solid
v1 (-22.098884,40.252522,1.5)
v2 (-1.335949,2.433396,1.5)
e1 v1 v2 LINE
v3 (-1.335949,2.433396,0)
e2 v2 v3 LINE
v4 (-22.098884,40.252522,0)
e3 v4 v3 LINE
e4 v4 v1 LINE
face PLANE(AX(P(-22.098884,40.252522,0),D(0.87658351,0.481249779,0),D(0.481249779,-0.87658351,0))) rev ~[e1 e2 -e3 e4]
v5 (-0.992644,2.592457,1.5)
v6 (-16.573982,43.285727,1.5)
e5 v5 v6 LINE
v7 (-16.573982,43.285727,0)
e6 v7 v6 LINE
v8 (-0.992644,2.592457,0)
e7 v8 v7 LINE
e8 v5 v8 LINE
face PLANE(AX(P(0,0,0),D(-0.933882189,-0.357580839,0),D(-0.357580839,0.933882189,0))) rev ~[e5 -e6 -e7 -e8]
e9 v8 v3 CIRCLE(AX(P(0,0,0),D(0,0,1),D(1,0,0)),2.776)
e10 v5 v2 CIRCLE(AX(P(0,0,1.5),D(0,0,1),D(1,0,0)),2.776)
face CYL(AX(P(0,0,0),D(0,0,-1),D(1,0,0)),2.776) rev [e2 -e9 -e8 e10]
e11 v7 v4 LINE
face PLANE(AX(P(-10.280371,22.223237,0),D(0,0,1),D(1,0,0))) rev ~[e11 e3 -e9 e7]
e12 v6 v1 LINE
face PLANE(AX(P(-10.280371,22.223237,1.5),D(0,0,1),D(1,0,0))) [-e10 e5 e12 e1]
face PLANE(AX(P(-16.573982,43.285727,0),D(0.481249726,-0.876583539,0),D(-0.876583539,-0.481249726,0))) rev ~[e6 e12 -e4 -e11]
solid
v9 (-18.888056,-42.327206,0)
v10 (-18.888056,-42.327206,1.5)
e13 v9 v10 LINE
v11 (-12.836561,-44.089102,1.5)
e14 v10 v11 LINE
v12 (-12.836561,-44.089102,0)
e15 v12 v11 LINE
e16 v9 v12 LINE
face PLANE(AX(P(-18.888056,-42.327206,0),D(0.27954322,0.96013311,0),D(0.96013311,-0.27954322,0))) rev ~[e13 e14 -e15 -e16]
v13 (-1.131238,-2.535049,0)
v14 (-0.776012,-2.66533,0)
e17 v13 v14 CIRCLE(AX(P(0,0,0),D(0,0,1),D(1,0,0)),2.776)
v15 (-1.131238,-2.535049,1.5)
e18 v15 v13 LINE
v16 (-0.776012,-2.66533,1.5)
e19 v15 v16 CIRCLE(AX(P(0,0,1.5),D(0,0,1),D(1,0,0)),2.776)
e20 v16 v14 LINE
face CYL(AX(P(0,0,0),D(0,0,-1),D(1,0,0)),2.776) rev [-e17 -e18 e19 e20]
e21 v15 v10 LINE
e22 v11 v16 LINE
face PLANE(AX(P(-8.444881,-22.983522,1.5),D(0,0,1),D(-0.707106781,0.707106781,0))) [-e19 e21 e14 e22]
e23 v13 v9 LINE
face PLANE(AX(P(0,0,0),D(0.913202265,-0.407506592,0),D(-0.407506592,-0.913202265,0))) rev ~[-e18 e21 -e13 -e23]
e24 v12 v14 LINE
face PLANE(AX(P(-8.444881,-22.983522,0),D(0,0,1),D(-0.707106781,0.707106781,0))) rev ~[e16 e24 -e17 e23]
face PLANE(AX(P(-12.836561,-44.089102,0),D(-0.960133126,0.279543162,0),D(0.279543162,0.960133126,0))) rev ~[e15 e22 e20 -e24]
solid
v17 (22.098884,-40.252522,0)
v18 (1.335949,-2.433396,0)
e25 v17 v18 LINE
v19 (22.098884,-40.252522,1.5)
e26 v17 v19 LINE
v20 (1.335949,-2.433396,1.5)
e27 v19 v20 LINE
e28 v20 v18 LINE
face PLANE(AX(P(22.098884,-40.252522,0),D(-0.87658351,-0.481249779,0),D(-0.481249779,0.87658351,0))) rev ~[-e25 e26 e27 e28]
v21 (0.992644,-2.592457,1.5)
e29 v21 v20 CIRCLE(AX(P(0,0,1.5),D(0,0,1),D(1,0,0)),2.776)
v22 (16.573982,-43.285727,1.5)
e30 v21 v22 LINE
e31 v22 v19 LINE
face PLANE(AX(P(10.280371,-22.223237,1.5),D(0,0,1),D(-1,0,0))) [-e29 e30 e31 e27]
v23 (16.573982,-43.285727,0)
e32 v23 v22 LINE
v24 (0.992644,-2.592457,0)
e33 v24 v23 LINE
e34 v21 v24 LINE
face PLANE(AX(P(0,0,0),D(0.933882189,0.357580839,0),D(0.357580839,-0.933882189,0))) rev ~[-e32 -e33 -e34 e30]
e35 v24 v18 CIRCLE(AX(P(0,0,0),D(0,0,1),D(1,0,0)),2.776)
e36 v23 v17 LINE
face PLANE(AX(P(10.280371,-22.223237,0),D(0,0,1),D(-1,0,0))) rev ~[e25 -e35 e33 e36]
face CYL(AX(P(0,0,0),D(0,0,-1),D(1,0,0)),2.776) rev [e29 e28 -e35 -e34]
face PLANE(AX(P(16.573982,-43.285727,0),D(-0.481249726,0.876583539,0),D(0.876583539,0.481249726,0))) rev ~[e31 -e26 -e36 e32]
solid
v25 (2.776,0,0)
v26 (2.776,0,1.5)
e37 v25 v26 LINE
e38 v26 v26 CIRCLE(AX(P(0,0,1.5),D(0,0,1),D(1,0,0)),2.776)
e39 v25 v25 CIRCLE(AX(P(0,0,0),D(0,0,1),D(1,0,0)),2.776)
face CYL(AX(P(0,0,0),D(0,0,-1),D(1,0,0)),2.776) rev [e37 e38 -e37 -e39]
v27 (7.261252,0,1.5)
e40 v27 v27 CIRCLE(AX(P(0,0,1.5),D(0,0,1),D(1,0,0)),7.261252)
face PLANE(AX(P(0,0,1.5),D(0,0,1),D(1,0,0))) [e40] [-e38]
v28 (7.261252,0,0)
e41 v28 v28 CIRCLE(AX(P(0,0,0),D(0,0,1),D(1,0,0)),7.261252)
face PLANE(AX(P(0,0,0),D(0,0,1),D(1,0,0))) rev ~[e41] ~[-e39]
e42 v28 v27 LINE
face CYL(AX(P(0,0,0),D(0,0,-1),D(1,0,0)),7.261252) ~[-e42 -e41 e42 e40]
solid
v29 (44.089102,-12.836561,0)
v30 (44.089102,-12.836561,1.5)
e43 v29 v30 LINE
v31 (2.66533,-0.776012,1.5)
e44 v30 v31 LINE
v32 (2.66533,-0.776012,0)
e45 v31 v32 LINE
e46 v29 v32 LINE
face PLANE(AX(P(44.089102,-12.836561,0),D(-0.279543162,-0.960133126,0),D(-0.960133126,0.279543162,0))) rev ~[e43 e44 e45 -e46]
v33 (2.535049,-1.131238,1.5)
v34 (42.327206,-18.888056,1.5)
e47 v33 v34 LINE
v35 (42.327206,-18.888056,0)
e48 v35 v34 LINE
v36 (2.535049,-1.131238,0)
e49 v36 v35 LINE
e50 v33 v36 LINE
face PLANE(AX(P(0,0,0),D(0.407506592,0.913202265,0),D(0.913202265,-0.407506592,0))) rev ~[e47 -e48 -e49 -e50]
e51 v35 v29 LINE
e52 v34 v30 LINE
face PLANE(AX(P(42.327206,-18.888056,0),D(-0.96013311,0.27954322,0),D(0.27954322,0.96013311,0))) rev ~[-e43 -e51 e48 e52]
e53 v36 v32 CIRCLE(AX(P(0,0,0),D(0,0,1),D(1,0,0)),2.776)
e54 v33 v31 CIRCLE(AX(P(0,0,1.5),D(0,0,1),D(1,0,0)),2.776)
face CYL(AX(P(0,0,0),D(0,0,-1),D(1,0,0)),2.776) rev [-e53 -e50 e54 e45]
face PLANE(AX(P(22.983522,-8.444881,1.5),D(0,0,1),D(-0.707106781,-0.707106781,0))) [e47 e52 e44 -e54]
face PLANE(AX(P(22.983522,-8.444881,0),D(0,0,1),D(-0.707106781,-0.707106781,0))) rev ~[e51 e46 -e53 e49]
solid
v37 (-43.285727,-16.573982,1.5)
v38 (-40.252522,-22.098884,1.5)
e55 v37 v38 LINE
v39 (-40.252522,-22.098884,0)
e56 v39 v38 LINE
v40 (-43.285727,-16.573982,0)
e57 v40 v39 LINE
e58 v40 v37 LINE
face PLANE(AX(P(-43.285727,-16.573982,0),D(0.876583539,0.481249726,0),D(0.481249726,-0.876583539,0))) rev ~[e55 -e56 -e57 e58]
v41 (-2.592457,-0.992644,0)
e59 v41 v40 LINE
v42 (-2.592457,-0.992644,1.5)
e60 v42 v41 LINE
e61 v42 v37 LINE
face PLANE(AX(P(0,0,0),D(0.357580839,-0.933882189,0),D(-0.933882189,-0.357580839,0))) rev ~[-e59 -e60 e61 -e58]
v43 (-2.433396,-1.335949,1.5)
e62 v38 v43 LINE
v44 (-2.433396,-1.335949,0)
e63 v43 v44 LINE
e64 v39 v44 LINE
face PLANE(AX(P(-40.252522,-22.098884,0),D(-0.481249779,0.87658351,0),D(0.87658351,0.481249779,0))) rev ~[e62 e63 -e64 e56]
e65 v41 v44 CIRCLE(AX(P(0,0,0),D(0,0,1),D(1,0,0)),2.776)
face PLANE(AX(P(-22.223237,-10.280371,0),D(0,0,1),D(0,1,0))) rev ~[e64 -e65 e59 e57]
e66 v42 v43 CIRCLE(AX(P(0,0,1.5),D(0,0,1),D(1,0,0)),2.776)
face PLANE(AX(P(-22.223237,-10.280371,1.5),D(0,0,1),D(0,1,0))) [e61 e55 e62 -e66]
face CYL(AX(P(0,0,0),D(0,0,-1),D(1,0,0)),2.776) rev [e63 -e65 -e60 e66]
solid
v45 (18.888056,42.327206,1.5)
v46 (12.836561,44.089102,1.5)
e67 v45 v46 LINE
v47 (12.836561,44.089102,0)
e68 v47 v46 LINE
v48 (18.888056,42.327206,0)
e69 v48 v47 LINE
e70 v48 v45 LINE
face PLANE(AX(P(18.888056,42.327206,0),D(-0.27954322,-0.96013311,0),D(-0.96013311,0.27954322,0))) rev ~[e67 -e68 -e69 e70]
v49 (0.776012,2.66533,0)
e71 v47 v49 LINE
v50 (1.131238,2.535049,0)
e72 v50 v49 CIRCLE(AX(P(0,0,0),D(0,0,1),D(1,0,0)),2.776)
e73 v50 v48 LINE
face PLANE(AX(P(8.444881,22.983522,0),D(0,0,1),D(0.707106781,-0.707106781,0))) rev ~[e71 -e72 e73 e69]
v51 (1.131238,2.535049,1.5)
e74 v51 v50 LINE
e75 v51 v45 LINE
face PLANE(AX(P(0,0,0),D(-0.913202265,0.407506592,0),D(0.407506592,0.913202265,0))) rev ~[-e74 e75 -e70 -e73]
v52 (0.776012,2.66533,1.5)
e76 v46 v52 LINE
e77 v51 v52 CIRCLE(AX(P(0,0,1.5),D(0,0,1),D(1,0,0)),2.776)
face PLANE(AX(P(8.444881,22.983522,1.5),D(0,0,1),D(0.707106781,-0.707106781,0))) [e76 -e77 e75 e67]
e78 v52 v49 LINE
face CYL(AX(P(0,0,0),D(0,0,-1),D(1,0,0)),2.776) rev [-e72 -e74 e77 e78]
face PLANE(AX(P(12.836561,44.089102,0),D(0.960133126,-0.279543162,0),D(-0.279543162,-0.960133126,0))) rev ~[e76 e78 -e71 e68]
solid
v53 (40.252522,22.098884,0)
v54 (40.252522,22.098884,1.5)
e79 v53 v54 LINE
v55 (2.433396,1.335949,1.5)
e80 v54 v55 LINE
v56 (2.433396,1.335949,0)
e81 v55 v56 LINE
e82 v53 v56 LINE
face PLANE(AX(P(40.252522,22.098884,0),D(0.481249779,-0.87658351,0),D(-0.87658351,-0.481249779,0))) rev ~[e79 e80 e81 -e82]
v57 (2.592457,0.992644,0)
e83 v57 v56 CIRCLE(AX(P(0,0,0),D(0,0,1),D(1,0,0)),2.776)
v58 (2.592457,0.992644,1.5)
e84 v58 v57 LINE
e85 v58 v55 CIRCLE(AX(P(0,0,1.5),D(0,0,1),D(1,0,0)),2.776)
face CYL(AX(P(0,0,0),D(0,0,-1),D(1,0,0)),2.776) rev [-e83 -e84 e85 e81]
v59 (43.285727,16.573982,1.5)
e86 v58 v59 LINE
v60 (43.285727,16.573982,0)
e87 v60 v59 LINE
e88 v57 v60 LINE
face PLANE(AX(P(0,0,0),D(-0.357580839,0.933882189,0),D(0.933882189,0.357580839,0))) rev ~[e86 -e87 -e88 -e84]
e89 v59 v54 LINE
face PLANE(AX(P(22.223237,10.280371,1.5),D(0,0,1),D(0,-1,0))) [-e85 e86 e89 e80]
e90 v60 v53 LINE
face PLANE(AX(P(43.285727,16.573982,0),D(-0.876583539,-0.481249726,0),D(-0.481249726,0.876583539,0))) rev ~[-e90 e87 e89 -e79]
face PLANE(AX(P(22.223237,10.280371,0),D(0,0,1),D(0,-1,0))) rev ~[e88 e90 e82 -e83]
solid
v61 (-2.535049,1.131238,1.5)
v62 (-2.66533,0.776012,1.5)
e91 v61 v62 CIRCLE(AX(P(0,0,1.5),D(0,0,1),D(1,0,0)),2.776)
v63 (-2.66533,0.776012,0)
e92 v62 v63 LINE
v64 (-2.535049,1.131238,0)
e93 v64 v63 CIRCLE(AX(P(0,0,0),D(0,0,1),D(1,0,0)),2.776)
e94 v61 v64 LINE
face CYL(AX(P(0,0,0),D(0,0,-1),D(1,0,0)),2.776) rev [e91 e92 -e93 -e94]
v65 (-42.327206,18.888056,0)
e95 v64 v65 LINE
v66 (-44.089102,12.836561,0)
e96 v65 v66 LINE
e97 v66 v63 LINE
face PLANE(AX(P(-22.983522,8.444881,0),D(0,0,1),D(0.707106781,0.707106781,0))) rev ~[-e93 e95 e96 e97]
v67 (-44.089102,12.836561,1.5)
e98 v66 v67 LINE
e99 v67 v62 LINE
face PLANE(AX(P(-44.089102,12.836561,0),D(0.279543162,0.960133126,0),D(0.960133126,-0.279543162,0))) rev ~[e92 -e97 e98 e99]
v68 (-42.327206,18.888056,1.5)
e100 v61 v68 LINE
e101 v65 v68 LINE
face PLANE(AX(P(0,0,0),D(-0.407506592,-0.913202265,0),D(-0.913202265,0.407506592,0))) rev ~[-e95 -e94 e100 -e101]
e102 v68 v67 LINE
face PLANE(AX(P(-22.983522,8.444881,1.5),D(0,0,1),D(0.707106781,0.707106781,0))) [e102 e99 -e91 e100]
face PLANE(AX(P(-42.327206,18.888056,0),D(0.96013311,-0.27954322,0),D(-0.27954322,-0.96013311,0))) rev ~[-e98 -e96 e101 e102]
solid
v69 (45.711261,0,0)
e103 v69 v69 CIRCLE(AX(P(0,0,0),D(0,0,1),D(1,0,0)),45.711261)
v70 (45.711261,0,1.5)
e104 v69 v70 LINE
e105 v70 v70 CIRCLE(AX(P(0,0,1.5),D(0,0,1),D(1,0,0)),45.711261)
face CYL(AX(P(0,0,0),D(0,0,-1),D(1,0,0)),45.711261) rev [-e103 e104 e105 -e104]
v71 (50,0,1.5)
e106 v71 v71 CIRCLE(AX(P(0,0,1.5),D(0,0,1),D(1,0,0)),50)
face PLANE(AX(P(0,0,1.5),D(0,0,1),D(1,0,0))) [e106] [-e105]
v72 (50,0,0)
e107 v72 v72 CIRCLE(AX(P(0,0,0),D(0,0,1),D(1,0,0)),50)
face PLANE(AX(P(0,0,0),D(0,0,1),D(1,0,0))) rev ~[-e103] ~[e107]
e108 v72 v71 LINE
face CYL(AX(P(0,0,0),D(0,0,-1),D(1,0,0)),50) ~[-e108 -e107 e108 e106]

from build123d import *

# Parameters (mm, degrees)
F1_R     = 50
F1_R_2   = 45.711261
F2_DEPTH = 1.5
F3_R     = 7.261252
F4_DEPTH = 1.5
F6_DEPTH = 1.5
F7_COUNT = 8
F8_R     = 2.776
F9_DEPTH = 1.5


with BuildPart() as f2:
    # F1 (on face) → F2 (new body)
    with BuildSketch(Plane.XY):
        Circle(F1_R)
        Circle(F1_R_2, mode=Mode.SUBTRACT)
    extrude(amount=F2_DEPTH)


with BuildPart() as f4:
    # F3 (on Top) → F4 (new body)
    with BuildSketch(Plane.XY):
        Circle(F3_R)
    extrude(amount=F4_DEPTH)


with BuildPart() as f6:
    # F5 (on Top) → F6 (new body)
    with BuildSketch(Plane.XY):
        Polygon((-22.098884, 40.252522), (0, 0), (-16.573982, 43.285727), align=None)
    extrude(amount=F6_DEPTH)


with BuildPart() as f7_1:
    # F7: instance of F6
    add(f6.part.rotate(Axis((0, 0, 1.5), (0, 0, 1)), 1 * 360 / F7_COUNT))


with BuildPart() as f7_2:
    # F7: instance of F6
    add(f6.part.rotate(Axis((0, 0, 1.5), (0, 0, 1)), 2 * 360 / F7_COUNT))


with BuildPart() as f7_3:
    # F7: instance of F6
    add(f6.part.rotate(Axis((0, 0, 1.5), (0, 0, 1)), 3 * 360 / F7_COUNT))


with BuildPart() as f7_4:
    # F7: instance of F6
    add(f6.part.rotate(Axis((0, 0, 1.5), (0, 0, 1)), 4 * 360 / F7_COUNT))


with BuildPart() as f7_5:
    # F7: instance of F6
    add(f6.part.rotate(Axis((0, 0, 1.5), (0, 0, 1)), 5 * 360 / F7_COUNT))


with BuildPart() as f7_6:
    # F7: instance of F6
    add(f6.part.rotate(Axis((0, 0, 1.5), (0, 0, 1)), 6 * 360 / F7_COUNT))


with BuildPart() as f7_7:
    # F7: instance of F6
    add(f6.part.rotate(Axis((0, 0, 1.5), (0, 0, 1)), 7 * 360 / F7_COUNT))


with BuildPart() as f9_tool:
    # F8 (on Top) → F9 (new body)
    with BuildSketch(Plane.XY):
        Circle(F8_R)
    extrude(amount=F9_DEPTH)


with BuildPart() as f4_1:
    add(f4.part)

    # F9: cut by f9_tool
    add(f9_tool.part, mode=Mode.SUBTRACT)


with BuildPart() as f6_1:
    add(f6.part)

    # F9: cut by f9_tool
    add(f9_tool.part, mode=Mode.SUBTRACT)


with BuildPart() as f7_1_1:
    add(f7_1.part)

    # F9: cut by f9_tool
    add(f9_tool.part, mode=Mode.SUBTRACT)


with BuildPart() as f7_2_1:
    add(f7_2.part)

    # F9: cut by f9_tool
    add(f9_tool.part, mode=Mode.SUBTRACT)


with BuildPart() as f7_3_1:
    add(f7_3.part)

    # F9: cut by f9_tool
    add(f9_tool.part, mode=Mode.SUBTRACT)


with BuildPart() as f7_4_1:
    add(f7_4.part)

    # F9: cut by f9_tool
    add(f9_tool.part, mode=Mode.SUBTRACT)


with BuildPart() as f7_5_1:
    add(f7_5.part)

    # F9: cut by f9_tool
    add(f9_tool.part, mode=Mode.SUBTRACT)


with BuildPart() as f7_6_1:
    add(f7_6.part)

    # F9: cut by f9_tool
    add(f9_tool.part, mode=Mode.SUBTRACT)


with BuildPart() as f7_7_1:
    add(f7_7.part)

    # F9: cut by f9_tool
    add(f9_tool.part, mode=Mode.SUBTRACT)


solid = Compound([f2.part, f4_1.part, f6_1.part, f7_1_1.part, f7_2_1.part, f7_3_1.part, f7_4_1.part, f7_5_1.part, f7_6_1.part, f7_7_1.part])
